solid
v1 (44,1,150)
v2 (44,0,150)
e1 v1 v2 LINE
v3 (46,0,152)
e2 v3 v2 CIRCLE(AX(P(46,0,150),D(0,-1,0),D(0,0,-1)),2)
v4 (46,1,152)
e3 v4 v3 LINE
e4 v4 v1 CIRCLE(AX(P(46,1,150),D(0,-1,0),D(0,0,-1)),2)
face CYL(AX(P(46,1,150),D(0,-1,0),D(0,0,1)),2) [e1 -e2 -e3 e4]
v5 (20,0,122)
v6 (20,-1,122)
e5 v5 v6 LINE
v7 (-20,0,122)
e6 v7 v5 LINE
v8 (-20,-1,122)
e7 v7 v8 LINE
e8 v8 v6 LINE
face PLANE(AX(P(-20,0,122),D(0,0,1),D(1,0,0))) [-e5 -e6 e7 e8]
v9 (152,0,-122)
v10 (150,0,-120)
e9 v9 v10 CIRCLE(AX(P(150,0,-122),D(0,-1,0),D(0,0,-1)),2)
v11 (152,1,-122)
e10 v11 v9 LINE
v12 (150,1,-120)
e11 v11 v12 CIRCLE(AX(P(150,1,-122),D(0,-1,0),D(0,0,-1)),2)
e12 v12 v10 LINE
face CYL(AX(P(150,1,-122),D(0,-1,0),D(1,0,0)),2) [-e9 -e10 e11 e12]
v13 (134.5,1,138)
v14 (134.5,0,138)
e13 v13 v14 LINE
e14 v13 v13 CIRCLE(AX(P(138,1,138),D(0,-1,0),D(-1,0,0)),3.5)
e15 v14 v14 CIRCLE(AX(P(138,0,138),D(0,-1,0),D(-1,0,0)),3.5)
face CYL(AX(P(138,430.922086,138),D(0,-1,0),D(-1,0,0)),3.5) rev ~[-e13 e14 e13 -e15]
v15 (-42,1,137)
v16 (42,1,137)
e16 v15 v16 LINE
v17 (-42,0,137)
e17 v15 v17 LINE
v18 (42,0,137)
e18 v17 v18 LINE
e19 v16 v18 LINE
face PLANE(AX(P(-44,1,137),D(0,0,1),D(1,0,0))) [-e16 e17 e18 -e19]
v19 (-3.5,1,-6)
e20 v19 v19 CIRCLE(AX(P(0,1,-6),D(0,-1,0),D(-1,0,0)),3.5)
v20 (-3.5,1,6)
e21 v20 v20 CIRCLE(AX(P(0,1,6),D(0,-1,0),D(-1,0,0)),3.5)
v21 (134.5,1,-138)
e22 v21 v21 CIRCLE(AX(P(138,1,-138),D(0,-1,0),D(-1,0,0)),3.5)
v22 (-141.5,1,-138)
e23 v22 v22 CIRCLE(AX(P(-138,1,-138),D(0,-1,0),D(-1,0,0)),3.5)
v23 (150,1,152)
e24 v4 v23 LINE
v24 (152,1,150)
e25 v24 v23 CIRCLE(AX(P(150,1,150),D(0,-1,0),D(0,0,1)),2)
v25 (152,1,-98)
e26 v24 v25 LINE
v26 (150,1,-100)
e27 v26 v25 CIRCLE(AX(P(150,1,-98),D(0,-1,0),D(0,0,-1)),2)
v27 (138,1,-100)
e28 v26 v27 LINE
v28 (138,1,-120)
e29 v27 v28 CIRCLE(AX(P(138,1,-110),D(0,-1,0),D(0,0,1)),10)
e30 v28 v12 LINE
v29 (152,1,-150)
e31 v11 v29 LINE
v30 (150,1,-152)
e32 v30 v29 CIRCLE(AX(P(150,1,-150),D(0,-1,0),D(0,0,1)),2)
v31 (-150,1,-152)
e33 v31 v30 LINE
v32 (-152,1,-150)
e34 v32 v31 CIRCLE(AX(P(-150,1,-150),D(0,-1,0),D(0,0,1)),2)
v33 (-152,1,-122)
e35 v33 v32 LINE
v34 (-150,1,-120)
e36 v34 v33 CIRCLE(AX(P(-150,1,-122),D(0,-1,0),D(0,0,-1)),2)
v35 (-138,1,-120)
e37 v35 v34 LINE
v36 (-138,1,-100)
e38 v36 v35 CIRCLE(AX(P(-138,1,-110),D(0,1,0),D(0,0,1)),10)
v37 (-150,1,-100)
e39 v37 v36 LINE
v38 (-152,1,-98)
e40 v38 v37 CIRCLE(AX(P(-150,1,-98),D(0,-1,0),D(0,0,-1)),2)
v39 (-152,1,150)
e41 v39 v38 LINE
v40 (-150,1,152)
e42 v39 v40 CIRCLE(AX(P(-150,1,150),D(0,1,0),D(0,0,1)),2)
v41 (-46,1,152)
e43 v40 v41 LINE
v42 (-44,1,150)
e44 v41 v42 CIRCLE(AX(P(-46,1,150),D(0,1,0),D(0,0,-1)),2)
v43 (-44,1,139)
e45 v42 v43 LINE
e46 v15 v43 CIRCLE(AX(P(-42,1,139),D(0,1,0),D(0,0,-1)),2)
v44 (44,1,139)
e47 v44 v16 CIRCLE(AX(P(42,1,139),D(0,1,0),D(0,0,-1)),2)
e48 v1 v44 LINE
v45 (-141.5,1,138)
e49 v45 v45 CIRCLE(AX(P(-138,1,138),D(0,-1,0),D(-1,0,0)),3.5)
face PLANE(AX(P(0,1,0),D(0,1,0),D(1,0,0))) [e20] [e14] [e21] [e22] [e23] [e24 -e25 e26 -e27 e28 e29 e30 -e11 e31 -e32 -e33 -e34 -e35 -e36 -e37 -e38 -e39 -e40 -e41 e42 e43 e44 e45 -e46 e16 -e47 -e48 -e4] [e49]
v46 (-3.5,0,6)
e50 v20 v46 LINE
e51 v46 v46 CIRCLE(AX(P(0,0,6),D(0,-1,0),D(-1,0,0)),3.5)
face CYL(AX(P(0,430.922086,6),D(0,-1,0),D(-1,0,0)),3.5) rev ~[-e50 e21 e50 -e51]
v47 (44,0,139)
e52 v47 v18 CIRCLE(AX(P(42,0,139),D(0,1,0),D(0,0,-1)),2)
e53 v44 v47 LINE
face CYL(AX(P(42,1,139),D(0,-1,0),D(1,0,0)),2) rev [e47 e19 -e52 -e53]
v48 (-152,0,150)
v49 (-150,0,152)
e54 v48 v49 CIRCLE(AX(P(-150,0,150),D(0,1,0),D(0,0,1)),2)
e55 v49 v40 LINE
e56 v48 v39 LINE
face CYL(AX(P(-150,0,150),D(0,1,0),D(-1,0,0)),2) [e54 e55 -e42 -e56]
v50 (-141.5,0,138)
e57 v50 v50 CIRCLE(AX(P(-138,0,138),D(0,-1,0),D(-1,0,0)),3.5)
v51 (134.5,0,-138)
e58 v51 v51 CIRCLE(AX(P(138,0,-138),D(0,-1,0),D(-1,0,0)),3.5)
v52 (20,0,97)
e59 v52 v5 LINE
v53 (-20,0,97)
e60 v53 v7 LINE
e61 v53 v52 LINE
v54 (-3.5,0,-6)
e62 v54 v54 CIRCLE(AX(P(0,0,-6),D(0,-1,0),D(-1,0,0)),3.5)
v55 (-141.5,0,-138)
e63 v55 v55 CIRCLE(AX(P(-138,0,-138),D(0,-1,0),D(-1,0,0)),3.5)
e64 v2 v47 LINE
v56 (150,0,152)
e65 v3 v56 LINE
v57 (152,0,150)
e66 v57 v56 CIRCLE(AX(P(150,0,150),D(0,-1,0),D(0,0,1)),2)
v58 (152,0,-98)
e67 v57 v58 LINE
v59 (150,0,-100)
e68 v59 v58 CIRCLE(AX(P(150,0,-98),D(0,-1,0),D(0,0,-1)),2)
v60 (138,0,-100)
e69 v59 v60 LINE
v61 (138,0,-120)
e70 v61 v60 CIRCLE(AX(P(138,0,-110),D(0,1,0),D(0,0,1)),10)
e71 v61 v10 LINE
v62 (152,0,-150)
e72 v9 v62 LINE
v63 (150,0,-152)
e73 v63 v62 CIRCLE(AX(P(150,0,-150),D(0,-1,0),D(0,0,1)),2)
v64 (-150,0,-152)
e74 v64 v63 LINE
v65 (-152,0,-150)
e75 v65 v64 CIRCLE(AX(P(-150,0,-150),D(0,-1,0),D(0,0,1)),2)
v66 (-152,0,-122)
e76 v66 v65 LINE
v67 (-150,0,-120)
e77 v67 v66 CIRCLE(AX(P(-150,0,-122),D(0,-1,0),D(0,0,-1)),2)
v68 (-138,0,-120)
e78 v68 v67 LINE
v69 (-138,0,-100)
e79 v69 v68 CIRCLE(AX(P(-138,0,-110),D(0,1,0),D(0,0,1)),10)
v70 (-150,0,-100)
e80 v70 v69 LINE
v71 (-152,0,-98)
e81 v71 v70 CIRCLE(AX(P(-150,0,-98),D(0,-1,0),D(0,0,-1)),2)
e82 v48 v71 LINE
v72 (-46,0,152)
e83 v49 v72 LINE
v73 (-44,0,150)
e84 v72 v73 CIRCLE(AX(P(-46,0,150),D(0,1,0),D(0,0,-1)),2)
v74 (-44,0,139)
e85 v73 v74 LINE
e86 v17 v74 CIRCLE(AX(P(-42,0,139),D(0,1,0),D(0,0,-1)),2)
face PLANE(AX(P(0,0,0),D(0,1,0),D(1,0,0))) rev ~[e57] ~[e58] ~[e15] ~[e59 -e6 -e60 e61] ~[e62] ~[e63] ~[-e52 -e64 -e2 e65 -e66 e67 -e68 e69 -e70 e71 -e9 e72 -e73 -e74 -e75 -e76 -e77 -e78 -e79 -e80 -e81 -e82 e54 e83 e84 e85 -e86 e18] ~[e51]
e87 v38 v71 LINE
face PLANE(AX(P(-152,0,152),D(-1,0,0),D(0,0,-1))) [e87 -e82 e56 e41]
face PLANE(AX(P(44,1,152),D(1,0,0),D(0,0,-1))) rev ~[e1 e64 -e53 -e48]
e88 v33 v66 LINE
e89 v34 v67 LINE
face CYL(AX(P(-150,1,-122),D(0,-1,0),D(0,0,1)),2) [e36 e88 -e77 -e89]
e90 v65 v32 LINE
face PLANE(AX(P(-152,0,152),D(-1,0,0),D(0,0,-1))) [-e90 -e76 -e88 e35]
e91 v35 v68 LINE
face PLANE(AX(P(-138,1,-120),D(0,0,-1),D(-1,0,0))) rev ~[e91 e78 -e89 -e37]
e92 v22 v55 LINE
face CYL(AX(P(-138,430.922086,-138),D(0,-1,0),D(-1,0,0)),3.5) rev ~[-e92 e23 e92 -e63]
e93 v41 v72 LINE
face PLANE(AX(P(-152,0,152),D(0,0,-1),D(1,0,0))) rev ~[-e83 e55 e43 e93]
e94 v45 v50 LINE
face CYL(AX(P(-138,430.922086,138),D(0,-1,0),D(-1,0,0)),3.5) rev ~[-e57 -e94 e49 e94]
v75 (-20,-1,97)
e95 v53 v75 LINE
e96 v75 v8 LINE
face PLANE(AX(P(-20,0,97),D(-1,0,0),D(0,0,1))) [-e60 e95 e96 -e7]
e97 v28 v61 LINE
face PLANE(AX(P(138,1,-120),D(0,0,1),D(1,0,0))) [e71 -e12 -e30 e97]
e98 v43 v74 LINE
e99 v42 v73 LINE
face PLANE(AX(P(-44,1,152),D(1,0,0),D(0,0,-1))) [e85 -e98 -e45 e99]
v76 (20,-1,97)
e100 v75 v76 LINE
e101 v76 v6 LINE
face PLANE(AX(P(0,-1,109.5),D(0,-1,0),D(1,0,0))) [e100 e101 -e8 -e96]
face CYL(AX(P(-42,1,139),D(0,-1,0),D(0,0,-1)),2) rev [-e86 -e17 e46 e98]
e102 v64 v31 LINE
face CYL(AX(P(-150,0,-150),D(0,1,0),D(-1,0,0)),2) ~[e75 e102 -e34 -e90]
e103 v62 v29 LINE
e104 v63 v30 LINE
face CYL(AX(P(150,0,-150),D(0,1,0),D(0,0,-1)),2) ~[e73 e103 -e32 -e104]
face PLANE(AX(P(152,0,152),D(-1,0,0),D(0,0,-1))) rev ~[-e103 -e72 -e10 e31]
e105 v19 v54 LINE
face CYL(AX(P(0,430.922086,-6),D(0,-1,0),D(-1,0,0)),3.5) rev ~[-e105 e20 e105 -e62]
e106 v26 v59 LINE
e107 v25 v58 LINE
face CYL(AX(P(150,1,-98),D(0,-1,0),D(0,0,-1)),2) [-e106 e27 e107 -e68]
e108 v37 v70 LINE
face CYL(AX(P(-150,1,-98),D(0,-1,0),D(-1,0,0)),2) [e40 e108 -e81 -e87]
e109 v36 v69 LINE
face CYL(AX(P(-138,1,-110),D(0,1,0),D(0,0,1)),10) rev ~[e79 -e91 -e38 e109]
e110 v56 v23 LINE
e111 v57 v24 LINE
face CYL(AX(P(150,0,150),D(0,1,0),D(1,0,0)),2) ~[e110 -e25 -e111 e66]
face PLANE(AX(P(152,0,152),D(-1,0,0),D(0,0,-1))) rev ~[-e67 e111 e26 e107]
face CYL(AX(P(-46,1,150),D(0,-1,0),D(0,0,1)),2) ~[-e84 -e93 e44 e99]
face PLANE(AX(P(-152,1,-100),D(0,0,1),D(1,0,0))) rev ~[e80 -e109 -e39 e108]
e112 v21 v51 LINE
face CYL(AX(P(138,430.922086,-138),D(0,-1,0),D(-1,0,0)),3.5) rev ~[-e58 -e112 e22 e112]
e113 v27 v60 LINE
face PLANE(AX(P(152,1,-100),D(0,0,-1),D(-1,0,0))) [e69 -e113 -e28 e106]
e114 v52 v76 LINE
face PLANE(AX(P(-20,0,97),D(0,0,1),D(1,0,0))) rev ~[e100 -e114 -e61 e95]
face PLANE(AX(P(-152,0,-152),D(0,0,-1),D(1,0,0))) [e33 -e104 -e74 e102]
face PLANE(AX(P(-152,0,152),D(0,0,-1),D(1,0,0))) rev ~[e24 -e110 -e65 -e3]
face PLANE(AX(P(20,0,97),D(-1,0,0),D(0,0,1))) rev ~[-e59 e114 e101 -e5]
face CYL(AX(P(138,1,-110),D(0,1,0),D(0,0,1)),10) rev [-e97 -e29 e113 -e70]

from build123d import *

# Parameters (mm, degrees)
SKETCH1_W                = 304
SKETCH1_H                = 304
BOSS_EXTRUDE1_DEPTH      = 1
SKETCH2_W                = 88
SKETCH2_H                = 15
CUT_EXTRUDE1_DEPTH       = 215.962787477
FILLET1_R                = 2
F_7_0_7_DIAMETER_HOLE1_D = 7
SKETCH6_W                = 40
SKETCH6_H                = 25
BOSS_EXTRUDE2_DEPTH      = 1


with BuildPart() as part:
    # Sketch1 → Boss-Extrude1 (new body)
    with BuildSketch(Plane(origin=(0, 0, 0), x_dir=(1, 0, 0), z_dir=(0, 1, 0))):
        Rectangle(SKETCH1_W, SKETCH1_H)
    extrude(amount=BOSS_EXTRUDE1_DEPTH)

    # Sketch2 → Cut-Extrude1 (cut, through all)
    with BuildSketch(Plane(origin=(0, 1, 0), x_dir=(1, 0, 0), z_dir=(0, 1, 0))):
        with Locations((0, -144.5)):
            Rectangle(SKETCH2_W, SKETCH2_H)
        with BuildLine():
            Line((-152, 100), (-138, 100))
            ThreePointArc((-138, 100), (-128, 110), (-138, 120))
            Line((-138, 120), (-152, 120))
            Line((-152, 120), (-152, 100))
        make_face()
        with BuildLine():
            Line((152, 100), (138, 100))
            ThreePointArc((138, 100), (128, 110), (138, 120))
            Line((138, 120), (152, 120))
            Line((152, 120), (152, 100))
        make_face()
    extrude(amount=-CUT_EXTRUDE1_DEPTH, mode=Mode.SUBTRACT)

    # Fillet1
    fillet1_edges = [part.edges().sort_by_distance(p)[0] for p in [
        (44, 0.5, 152),
        (-44, 0.5, 152),
        (-44, 0.5, 137),
        (44, 0.5, 137),
        (-152, 0.5, -100),
        (-152, 0.5, -120),
        (152, 0.5, -120),
        (152, 0.5, -100),
        (-152, 0.5, -152),
        (152, 0.5, -152),
        (152, 0.5, 152),
        (-152, 0.5, 152),
    ]]
    fillet(fillet1_edges, radius=FILLET1_R)

    # Ø7.0 (7) Diameter Hole1 (through all)
    with Locations(Plane(origin=(0, 1, 0), x_dir=(1, 0, 0), z_dir=(0, 1, 0))):
        with Locations((-138, -138), (138, 138), (-138, 138), (138, -138), (0, -6), (0, 6)):
            Hole(F_7_0_7_DIAMETER_HOLE1_D / 2)

    # Sketch6 → Boss-Extrude2 (add)
    with BuildSketch(Plane.XZ):
        with Locations((0, 109.5)):
            Rectangle(SKETCH6_W, SKETCH6_H)
    extrude(amount=BOSS_EXTRUDE2_DEPTH)


solid = part.part
